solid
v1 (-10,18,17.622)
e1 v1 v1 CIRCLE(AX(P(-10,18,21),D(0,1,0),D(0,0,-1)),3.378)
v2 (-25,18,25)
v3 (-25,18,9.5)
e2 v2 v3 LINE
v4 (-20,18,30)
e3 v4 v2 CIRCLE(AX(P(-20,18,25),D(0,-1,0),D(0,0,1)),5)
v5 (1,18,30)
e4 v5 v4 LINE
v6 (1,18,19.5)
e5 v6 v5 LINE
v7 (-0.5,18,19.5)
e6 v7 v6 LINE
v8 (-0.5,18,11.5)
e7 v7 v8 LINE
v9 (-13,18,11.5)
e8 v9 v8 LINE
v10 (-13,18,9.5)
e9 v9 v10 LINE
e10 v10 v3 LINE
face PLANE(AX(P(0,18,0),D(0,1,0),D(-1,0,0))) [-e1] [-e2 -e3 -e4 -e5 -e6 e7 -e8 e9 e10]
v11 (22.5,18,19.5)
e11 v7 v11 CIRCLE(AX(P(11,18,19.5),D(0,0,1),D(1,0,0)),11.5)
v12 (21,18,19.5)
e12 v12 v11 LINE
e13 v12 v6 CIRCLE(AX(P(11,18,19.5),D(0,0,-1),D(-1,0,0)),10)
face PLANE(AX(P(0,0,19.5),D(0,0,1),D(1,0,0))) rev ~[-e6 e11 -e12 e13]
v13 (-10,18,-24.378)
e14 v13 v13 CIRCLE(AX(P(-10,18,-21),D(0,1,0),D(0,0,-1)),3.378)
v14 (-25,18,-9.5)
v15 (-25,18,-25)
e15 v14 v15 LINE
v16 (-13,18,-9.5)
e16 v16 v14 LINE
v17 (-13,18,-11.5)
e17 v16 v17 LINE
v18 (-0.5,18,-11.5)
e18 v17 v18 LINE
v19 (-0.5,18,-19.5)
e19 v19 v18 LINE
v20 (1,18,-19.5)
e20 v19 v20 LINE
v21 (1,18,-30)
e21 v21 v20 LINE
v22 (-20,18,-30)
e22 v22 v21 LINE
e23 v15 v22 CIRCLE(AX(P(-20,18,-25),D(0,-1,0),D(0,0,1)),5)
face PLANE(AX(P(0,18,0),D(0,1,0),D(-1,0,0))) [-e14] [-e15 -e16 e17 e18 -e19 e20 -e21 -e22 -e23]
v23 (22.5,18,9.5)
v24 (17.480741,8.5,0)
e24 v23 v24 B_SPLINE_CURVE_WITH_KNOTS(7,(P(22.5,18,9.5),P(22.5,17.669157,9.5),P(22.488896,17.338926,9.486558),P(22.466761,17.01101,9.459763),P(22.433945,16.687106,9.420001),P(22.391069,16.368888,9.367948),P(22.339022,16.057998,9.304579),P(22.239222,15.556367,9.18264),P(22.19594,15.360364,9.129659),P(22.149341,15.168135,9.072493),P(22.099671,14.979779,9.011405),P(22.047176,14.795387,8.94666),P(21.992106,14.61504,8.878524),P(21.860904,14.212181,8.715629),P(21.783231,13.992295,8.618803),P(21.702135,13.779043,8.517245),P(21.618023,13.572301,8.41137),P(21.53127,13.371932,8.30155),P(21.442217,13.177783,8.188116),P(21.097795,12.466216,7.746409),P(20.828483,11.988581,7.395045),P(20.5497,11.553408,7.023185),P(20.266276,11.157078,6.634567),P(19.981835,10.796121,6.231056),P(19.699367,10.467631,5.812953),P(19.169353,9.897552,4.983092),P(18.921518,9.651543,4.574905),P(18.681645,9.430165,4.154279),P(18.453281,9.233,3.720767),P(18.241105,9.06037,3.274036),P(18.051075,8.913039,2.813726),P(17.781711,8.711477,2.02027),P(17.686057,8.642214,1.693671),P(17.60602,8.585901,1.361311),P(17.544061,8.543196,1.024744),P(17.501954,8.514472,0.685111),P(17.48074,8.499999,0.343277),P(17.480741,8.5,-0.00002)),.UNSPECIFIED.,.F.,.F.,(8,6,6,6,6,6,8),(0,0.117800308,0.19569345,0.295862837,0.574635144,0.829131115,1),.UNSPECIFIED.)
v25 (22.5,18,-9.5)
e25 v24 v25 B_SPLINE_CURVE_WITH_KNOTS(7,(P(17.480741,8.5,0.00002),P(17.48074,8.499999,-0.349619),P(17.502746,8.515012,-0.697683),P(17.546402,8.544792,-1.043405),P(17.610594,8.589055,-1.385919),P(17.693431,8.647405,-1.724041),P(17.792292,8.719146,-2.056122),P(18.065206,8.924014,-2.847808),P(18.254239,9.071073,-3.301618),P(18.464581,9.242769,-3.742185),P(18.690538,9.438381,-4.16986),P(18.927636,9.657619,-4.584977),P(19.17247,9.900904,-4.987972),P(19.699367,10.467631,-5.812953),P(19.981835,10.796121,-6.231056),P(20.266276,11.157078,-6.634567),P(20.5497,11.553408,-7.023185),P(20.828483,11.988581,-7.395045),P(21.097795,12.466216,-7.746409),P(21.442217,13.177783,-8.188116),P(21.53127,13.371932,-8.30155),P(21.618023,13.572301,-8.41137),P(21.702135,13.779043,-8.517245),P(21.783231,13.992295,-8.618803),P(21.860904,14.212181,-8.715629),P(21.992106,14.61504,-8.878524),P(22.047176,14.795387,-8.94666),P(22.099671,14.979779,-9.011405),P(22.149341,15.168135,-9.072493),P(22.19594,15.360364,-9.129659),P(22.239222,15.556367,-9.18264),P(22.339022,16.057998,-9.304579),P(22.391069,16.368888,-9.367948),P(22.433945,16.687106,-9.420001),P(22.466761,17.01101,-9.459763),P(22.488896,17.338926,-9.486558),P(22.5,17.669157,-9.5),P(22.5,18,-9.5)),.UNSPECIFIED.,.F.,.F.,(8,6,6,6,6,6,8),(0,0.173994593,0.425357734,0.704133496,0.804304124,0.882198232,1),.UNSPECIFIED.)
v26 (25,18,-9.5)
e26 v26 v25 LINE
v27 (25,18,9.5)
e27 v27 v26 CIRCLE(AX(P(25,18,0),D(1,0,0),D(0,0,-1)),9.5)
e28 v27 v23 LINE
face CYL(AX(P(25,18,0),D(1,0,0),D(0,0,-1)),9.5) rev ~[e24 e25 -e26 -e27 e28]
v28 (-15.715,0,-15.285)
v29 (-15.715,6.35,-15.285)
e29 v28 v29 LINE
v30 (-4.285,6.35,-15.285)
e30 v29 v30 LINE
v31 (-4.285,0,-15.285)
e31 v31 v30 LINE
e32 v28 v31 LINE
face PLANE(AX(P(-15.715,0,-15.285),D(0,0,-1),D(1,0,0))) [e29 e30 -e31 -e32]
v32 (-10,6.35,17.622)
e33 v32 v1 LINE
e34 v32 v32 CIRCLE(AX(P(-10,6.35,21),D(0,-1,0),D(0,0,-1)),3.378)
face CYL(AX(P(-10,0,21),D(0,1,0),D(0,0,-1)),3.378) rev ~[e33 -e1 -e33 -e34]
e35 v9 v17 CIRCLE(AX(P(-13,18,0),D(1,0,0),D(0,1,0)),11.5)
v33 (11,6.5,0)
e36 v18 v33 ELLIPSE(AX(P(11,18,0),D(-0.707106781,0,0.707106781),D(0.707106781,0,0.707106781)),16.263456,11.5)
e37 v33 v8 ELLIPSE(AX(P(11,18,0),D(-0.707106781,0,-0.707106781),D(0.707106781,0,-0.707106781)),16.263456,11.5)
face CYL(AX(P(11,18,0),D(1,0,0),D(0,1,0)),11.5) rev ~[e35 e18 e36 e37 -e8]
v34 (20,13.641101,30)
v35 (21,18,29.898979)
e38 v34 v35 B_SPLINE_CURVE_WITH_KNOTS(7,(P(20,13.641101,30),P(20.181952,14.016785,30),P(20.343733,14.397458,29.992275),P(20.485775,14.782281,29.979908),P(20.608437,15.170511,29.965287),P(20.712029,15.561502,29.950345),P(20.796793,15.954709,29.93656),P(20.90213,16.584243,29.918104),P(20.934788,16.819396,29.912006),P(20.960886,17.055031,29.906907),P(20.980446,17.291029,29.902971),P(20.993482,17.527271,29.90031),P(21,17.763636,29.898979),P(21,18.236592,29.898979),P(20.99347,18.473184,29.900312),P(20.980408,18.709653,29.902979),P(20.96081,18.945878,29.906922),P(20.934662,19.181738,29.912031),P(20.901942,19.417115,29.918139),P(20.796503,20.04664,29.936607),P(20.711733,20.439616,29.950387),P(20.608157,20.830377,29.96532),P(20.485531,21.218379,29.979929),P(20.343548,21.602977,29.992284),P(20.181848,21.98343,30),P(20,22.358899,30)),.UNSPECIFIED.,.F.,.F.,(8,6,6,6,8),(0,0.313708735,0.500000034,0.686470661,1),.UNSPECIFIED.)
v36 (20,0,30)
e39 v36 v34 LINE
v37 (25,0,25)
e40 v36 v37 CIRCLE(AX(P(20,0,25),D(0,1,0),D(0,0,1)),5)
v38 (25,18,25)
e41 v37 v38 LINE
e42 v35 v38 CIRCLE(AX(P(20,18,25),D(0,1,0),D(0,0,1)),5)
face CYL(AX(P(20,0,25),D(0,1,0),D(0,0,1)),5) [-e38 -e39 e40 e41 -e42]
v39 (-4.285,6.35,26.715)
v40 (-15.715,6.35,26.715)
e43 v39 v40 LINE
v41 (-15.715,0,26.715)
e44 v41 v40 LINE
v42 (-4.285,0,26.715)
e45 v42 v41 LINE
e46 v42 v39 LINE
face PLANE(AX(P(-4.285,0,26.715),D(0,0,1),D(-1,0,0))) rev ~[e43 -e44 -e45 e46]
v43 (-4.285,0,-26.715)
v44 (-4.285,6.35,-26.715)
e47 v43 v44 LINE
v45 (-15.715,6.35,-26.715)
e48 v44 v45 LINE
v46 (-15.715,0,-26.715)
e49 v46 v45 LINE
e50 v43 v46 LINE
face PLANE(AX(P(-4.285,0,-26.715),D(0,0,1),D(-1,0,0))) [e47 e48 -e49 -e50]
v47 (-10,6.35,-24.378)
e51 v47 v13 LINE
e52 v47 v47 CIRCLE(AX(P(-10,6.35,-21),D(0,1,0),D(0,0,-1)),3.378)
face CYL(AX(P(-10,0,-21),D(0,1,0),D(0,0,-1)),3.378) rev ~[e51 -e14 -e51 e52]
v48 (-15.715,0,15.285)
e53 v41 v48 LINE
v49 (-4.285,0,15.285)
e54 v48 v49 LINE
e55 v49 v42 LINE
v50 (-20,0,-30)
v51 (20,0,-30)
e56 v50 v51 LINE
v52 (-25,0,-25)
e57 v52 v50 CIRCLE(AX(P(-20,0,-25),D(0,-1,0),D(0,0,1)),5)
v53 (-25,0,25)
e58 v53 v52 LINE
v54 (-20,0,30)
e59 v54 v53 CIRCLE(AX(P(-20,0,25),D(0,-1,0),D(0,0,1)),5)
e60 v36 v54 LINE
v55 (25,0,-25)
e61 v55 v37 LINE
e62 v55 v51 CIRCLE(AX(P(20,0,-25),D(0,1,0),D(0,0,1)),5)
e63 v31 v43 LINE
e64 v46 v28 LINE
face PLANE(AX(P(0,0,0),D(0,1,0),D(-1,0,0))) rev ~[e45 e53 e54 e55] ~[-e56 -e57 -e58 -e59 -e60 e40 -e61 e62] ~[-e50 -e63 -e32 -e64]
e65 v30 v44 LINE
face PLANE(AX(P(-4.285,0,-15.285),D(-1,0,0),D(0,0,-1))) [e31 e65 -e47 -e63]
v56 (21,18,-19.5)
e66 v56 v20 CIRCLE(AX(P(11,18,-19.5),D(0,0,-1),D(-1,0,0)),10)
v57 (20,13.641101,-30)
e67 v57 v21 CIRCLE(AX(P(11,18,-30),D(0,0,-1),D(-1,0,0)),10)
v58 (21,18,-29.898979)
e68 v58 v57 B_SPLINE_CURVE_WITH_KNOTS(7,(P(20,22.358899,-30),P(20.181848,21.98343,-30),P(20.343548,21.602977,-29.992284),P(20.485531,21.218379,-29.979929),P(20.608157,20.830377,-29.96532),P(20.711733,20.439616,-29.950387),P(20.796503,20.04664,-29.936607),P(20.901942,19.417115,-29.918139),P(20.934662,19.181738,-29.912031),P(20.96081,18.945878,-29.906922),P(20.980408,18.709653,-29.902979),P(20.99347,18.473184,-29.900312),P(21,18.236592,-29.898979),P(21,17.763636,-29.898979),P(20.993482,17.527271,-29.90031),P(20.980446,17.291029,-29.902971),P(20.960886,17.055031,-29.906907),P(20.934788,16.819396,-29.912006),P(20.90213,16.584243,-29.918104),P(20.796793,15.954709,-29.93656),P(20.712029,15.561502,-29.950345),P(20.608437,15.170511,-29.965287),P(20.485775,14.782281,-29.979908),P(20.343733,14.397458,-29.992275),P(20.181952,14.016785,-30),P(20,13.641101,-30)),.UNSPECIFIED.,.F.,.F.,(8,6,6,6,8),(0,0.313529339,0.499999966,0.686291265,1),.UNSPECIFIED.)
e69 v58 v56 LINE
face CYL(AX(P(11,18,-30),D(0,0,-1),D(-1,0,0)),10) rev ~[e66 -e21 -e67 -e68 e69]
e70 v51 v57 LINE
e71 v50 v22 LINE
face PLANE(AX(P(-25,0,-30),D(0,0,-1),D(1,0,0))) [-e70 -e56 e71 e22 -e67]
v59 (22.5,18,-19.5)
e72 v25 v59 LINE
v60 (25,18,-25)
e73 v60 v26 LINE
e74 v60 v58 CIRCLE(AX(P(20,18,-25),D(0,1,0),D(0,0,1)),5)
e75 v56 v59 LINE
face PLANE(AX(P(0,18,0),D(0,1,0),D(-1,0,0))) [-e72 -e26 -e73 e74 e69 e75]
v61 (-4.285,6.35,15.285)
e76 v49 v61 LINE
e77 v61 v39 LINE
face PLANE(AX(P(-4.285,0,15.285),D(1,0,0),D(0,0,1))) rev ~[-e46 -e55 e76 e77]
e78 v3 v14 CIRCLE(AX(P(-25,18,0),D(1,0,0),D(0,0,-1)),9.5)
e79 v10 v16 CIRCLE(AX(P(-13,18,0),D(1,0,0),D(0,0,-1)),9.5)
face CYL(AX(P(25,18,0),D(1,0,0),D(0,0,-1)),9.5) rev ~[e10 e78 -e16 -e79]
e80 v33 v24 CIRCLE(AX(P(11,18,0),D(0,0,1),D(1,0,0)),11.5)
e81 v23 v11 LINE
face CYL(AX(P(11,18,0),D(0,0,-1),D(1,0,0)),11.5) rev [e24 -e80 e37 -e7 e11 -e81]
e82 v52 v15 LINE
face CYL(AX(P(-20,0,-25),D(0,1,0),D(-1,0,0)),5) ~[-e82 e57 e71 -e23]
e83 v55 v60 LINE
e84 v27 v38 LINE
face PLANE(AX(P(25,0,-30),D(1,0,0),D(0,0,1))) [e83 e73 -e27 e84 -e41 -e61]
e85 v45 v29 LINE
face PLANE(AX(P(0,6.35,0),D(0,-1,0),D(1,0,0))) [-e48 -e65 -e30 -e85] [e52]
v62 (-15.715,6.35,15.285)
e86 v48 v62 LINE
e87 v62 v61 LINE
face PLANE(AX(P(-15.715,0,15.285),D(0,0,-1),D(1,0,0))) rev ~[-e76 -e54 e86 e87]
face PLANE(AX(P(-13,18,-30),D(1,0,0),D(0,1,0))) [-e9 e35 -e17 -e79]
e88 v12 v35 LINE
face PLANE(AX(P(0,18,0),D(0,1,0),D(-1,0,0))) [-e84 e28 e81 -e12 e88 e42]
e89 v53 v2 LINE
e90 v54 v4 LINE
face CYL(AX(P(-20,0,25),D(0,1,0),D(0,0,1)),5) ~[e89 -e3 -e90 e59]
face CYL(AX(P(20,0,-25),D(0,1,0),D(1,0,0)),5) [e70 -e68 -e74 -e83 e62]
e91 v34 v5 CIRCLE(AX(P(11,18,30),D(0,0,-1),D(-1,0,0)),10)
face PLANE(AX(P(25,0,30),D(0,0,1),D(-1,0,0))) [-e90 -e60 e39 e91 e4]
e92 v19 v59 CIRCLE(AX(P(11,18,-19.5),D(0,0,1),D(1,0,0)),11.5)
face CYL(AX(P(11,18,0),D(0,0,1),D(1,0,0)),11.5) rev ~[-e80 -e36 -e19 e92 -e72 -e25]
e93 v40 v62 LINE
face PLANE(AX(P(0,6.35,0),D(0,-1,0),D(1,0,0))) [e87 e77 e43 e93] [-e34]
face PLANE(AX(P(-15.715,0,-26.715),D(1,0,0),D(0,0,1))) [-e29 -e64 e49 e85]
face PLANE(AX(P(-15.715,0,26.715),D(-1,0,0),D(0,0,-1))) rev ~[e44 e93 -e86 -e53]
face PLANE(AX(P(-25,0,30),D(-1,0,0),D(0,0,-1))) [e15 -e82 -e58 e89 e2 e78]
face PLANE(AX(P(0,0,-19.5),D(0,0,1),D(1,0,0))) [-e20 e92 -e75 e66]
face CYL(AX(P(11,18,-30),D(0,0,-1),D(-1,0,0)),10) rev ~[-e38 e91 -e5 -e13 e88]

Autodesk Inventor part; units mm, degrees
ref_plane "XZ Plane" through (0, 0, 0) normal (0, 1, 0) x (-1, 0, 0)
ref_plane "XY Plane" through (0, 0, 0) normal (0, 0, 1) x (1, 0, 0)
sketch "Sketch1" plane through (0, 0, 0) normal (0, 1, 0) x (-1, 0, 0)
  line L0 (-25, 30) -> (25, 30)
  line L1 (25, 30) -> (25, -30)
  line L2 (25, -30) -> (-25, -30)
  line L3 (-25, -30) -> (-25, 30)
  line L4 (-25, 30) -> (25, -30) construction
  line L5 (25, 30) -> (-25, -30) construction
  point P0 (0, 0)
  dimension "d0" = 50
  dimension "d1" = 60
extrude "Extrusion1" add sketch "Sketch1" along normal blind 18
sketch "Sketch2" plane through (25, 0, 30) normal (1, 0, 0) x (0, 0, -1)
  line L0 (60, 18) -> (0, 18) projected
  circle A0 centre (30, 18) radius 9.5
  point P0 (30, 0)
  point P1 (20.5, 18)
  point P2 (39.5, 18)
  dimension "d4" = 19
extrude "Extrusion2" cut sketch "Sketch2" against normal through all contours A0 L0 picked at (28.8771, 15.0391)
sketch "Sketch3" plane through (25, 0, -30) normal (0, 0, -1) x (-1, 0, 0)
  line L0 (0, 18) -> (50, 18) projected
  circle A0 centre (14, 18) radius 10
  point P0 (25, 0)
  point P1 (24, 18)
  point P2 (4, 18)
  dimension "d7" = 20
  dimension "d8" = 14
extrude "Extrusion3" cut sketch "Sketch3" against normal through all contours L0 A0 picked at (12.1065, 15.2567)
sketch "Sketch4" plane through (0, 0, 0) normal (0, 0, 1) x (1, 0, 0)
  arc A0 (1, 18) -> (21, 18) centre (11, 18) ccw projected
  circle A1 centre (11, 18) radius 11.5
  point P0 (0, 0)
  dimension "d11" = 23
extrude "Extrusion4" cut sketch "Sketch4" along normal mid plane 39
ref_plane "Work Plane2" through (11, 18, -30) normal (1, 0, 0) x (0, 1, 0)
sketch "Sketch5" plane through (11, 18, -30) normal (1, 0, 0) x (0, 1, 0)
  arc A0 (0, 39.5) -> (0, 20.5) centre (0, 30) ccw projected
  circle A1 centre (0, 30) radius 11.5
  point P0 (-18, 30)
  dimension "d14" = 23
extrude "Extrusion5" cut sketch "Sketch5" against normal blind 24
sketch "Sketch7" plane through (0, 0, 0) normal (0, -1, 0) x (1, 0, 0)
  line L0 (25, -30) -> (-25, -30) projected
  line L1 (-25, 30) -> (25, 30) projected
  line L2 (-25, -30) -> (-25, 30) projected
  point P0 (0, 0)
  point P1 (-10, -21)
  point P2 (-10, 21)
  dimension "d28" = 9
  dimension "d29" = 9
  dimension "d30" = 15
hole "Hole2" at (-10, 0, -21) at (-10, 0, 21) direction (0, 1, 0) diameter 6.756 end through all clearance for "Socket Head Cap Screw" size "1/4" standard "Ansi Unified Screw Threads"
fillet "Fillet1" radius 5 4 edges at (-25, 9, -30) (-25, 9, 30) (25, 9, 30) (25, 9, -30)
sketch "Sketch8" plane through (0, 0, 0) normal (0, -1, 0) x (1, 0, 0)
  circle A0 centre (-10, -21) radius 3.378 projected
  circle A1 centre (-10, 21) radius 3.378 projected
  line L0 (-4.285, -26.715) -> (-15.715, -26.715)
  line L1 (-15.715, -26.715) -> (-15.715, -15.285)
  line L2 (-15.715, -15.285) -> (-4.285, -15.285)
  line L3 (-4.285, -15.285) -> (-4.285, -26.715)
  line L4 (-4.285, -26.715) -> (-15.715, -15.285) construction
  line L5 (-15.715, -26.715) -> (-4.285, -15.285) construction
  line L6 (-4.285, 26.715) -> (-15.715, 26.715)
  line L7 (-15.715, 26.715) -> (-15.715, 15.285)
  line L8 (-15.715, 15.285) -> (-4.285, 15.285)
  line L9 (-4.285, 15.285) -> (-4.285, 26.715)
  line L10 (-4.285, 26.715) -> (-15.715, 15.285) construction
  line L11 (-15.715, 26.715) -> (-4.285, 15.285) construction
  point P0 (0, 0)
  dimension "d39" = 11.43
  dimension "d40" = 11.43
  dimension "d41" = 11.43
  dimension "d42" = 11.43
extrude "Extrusion6" cut sketch "Sketch8" against normal blind 6.35
equation "\"d29\" = d28"
equation "\"d40\" = d39"
equation "\"d41\" = d39"
equation "\"d42\" = d40"
properties part number "Valve Block Top"
